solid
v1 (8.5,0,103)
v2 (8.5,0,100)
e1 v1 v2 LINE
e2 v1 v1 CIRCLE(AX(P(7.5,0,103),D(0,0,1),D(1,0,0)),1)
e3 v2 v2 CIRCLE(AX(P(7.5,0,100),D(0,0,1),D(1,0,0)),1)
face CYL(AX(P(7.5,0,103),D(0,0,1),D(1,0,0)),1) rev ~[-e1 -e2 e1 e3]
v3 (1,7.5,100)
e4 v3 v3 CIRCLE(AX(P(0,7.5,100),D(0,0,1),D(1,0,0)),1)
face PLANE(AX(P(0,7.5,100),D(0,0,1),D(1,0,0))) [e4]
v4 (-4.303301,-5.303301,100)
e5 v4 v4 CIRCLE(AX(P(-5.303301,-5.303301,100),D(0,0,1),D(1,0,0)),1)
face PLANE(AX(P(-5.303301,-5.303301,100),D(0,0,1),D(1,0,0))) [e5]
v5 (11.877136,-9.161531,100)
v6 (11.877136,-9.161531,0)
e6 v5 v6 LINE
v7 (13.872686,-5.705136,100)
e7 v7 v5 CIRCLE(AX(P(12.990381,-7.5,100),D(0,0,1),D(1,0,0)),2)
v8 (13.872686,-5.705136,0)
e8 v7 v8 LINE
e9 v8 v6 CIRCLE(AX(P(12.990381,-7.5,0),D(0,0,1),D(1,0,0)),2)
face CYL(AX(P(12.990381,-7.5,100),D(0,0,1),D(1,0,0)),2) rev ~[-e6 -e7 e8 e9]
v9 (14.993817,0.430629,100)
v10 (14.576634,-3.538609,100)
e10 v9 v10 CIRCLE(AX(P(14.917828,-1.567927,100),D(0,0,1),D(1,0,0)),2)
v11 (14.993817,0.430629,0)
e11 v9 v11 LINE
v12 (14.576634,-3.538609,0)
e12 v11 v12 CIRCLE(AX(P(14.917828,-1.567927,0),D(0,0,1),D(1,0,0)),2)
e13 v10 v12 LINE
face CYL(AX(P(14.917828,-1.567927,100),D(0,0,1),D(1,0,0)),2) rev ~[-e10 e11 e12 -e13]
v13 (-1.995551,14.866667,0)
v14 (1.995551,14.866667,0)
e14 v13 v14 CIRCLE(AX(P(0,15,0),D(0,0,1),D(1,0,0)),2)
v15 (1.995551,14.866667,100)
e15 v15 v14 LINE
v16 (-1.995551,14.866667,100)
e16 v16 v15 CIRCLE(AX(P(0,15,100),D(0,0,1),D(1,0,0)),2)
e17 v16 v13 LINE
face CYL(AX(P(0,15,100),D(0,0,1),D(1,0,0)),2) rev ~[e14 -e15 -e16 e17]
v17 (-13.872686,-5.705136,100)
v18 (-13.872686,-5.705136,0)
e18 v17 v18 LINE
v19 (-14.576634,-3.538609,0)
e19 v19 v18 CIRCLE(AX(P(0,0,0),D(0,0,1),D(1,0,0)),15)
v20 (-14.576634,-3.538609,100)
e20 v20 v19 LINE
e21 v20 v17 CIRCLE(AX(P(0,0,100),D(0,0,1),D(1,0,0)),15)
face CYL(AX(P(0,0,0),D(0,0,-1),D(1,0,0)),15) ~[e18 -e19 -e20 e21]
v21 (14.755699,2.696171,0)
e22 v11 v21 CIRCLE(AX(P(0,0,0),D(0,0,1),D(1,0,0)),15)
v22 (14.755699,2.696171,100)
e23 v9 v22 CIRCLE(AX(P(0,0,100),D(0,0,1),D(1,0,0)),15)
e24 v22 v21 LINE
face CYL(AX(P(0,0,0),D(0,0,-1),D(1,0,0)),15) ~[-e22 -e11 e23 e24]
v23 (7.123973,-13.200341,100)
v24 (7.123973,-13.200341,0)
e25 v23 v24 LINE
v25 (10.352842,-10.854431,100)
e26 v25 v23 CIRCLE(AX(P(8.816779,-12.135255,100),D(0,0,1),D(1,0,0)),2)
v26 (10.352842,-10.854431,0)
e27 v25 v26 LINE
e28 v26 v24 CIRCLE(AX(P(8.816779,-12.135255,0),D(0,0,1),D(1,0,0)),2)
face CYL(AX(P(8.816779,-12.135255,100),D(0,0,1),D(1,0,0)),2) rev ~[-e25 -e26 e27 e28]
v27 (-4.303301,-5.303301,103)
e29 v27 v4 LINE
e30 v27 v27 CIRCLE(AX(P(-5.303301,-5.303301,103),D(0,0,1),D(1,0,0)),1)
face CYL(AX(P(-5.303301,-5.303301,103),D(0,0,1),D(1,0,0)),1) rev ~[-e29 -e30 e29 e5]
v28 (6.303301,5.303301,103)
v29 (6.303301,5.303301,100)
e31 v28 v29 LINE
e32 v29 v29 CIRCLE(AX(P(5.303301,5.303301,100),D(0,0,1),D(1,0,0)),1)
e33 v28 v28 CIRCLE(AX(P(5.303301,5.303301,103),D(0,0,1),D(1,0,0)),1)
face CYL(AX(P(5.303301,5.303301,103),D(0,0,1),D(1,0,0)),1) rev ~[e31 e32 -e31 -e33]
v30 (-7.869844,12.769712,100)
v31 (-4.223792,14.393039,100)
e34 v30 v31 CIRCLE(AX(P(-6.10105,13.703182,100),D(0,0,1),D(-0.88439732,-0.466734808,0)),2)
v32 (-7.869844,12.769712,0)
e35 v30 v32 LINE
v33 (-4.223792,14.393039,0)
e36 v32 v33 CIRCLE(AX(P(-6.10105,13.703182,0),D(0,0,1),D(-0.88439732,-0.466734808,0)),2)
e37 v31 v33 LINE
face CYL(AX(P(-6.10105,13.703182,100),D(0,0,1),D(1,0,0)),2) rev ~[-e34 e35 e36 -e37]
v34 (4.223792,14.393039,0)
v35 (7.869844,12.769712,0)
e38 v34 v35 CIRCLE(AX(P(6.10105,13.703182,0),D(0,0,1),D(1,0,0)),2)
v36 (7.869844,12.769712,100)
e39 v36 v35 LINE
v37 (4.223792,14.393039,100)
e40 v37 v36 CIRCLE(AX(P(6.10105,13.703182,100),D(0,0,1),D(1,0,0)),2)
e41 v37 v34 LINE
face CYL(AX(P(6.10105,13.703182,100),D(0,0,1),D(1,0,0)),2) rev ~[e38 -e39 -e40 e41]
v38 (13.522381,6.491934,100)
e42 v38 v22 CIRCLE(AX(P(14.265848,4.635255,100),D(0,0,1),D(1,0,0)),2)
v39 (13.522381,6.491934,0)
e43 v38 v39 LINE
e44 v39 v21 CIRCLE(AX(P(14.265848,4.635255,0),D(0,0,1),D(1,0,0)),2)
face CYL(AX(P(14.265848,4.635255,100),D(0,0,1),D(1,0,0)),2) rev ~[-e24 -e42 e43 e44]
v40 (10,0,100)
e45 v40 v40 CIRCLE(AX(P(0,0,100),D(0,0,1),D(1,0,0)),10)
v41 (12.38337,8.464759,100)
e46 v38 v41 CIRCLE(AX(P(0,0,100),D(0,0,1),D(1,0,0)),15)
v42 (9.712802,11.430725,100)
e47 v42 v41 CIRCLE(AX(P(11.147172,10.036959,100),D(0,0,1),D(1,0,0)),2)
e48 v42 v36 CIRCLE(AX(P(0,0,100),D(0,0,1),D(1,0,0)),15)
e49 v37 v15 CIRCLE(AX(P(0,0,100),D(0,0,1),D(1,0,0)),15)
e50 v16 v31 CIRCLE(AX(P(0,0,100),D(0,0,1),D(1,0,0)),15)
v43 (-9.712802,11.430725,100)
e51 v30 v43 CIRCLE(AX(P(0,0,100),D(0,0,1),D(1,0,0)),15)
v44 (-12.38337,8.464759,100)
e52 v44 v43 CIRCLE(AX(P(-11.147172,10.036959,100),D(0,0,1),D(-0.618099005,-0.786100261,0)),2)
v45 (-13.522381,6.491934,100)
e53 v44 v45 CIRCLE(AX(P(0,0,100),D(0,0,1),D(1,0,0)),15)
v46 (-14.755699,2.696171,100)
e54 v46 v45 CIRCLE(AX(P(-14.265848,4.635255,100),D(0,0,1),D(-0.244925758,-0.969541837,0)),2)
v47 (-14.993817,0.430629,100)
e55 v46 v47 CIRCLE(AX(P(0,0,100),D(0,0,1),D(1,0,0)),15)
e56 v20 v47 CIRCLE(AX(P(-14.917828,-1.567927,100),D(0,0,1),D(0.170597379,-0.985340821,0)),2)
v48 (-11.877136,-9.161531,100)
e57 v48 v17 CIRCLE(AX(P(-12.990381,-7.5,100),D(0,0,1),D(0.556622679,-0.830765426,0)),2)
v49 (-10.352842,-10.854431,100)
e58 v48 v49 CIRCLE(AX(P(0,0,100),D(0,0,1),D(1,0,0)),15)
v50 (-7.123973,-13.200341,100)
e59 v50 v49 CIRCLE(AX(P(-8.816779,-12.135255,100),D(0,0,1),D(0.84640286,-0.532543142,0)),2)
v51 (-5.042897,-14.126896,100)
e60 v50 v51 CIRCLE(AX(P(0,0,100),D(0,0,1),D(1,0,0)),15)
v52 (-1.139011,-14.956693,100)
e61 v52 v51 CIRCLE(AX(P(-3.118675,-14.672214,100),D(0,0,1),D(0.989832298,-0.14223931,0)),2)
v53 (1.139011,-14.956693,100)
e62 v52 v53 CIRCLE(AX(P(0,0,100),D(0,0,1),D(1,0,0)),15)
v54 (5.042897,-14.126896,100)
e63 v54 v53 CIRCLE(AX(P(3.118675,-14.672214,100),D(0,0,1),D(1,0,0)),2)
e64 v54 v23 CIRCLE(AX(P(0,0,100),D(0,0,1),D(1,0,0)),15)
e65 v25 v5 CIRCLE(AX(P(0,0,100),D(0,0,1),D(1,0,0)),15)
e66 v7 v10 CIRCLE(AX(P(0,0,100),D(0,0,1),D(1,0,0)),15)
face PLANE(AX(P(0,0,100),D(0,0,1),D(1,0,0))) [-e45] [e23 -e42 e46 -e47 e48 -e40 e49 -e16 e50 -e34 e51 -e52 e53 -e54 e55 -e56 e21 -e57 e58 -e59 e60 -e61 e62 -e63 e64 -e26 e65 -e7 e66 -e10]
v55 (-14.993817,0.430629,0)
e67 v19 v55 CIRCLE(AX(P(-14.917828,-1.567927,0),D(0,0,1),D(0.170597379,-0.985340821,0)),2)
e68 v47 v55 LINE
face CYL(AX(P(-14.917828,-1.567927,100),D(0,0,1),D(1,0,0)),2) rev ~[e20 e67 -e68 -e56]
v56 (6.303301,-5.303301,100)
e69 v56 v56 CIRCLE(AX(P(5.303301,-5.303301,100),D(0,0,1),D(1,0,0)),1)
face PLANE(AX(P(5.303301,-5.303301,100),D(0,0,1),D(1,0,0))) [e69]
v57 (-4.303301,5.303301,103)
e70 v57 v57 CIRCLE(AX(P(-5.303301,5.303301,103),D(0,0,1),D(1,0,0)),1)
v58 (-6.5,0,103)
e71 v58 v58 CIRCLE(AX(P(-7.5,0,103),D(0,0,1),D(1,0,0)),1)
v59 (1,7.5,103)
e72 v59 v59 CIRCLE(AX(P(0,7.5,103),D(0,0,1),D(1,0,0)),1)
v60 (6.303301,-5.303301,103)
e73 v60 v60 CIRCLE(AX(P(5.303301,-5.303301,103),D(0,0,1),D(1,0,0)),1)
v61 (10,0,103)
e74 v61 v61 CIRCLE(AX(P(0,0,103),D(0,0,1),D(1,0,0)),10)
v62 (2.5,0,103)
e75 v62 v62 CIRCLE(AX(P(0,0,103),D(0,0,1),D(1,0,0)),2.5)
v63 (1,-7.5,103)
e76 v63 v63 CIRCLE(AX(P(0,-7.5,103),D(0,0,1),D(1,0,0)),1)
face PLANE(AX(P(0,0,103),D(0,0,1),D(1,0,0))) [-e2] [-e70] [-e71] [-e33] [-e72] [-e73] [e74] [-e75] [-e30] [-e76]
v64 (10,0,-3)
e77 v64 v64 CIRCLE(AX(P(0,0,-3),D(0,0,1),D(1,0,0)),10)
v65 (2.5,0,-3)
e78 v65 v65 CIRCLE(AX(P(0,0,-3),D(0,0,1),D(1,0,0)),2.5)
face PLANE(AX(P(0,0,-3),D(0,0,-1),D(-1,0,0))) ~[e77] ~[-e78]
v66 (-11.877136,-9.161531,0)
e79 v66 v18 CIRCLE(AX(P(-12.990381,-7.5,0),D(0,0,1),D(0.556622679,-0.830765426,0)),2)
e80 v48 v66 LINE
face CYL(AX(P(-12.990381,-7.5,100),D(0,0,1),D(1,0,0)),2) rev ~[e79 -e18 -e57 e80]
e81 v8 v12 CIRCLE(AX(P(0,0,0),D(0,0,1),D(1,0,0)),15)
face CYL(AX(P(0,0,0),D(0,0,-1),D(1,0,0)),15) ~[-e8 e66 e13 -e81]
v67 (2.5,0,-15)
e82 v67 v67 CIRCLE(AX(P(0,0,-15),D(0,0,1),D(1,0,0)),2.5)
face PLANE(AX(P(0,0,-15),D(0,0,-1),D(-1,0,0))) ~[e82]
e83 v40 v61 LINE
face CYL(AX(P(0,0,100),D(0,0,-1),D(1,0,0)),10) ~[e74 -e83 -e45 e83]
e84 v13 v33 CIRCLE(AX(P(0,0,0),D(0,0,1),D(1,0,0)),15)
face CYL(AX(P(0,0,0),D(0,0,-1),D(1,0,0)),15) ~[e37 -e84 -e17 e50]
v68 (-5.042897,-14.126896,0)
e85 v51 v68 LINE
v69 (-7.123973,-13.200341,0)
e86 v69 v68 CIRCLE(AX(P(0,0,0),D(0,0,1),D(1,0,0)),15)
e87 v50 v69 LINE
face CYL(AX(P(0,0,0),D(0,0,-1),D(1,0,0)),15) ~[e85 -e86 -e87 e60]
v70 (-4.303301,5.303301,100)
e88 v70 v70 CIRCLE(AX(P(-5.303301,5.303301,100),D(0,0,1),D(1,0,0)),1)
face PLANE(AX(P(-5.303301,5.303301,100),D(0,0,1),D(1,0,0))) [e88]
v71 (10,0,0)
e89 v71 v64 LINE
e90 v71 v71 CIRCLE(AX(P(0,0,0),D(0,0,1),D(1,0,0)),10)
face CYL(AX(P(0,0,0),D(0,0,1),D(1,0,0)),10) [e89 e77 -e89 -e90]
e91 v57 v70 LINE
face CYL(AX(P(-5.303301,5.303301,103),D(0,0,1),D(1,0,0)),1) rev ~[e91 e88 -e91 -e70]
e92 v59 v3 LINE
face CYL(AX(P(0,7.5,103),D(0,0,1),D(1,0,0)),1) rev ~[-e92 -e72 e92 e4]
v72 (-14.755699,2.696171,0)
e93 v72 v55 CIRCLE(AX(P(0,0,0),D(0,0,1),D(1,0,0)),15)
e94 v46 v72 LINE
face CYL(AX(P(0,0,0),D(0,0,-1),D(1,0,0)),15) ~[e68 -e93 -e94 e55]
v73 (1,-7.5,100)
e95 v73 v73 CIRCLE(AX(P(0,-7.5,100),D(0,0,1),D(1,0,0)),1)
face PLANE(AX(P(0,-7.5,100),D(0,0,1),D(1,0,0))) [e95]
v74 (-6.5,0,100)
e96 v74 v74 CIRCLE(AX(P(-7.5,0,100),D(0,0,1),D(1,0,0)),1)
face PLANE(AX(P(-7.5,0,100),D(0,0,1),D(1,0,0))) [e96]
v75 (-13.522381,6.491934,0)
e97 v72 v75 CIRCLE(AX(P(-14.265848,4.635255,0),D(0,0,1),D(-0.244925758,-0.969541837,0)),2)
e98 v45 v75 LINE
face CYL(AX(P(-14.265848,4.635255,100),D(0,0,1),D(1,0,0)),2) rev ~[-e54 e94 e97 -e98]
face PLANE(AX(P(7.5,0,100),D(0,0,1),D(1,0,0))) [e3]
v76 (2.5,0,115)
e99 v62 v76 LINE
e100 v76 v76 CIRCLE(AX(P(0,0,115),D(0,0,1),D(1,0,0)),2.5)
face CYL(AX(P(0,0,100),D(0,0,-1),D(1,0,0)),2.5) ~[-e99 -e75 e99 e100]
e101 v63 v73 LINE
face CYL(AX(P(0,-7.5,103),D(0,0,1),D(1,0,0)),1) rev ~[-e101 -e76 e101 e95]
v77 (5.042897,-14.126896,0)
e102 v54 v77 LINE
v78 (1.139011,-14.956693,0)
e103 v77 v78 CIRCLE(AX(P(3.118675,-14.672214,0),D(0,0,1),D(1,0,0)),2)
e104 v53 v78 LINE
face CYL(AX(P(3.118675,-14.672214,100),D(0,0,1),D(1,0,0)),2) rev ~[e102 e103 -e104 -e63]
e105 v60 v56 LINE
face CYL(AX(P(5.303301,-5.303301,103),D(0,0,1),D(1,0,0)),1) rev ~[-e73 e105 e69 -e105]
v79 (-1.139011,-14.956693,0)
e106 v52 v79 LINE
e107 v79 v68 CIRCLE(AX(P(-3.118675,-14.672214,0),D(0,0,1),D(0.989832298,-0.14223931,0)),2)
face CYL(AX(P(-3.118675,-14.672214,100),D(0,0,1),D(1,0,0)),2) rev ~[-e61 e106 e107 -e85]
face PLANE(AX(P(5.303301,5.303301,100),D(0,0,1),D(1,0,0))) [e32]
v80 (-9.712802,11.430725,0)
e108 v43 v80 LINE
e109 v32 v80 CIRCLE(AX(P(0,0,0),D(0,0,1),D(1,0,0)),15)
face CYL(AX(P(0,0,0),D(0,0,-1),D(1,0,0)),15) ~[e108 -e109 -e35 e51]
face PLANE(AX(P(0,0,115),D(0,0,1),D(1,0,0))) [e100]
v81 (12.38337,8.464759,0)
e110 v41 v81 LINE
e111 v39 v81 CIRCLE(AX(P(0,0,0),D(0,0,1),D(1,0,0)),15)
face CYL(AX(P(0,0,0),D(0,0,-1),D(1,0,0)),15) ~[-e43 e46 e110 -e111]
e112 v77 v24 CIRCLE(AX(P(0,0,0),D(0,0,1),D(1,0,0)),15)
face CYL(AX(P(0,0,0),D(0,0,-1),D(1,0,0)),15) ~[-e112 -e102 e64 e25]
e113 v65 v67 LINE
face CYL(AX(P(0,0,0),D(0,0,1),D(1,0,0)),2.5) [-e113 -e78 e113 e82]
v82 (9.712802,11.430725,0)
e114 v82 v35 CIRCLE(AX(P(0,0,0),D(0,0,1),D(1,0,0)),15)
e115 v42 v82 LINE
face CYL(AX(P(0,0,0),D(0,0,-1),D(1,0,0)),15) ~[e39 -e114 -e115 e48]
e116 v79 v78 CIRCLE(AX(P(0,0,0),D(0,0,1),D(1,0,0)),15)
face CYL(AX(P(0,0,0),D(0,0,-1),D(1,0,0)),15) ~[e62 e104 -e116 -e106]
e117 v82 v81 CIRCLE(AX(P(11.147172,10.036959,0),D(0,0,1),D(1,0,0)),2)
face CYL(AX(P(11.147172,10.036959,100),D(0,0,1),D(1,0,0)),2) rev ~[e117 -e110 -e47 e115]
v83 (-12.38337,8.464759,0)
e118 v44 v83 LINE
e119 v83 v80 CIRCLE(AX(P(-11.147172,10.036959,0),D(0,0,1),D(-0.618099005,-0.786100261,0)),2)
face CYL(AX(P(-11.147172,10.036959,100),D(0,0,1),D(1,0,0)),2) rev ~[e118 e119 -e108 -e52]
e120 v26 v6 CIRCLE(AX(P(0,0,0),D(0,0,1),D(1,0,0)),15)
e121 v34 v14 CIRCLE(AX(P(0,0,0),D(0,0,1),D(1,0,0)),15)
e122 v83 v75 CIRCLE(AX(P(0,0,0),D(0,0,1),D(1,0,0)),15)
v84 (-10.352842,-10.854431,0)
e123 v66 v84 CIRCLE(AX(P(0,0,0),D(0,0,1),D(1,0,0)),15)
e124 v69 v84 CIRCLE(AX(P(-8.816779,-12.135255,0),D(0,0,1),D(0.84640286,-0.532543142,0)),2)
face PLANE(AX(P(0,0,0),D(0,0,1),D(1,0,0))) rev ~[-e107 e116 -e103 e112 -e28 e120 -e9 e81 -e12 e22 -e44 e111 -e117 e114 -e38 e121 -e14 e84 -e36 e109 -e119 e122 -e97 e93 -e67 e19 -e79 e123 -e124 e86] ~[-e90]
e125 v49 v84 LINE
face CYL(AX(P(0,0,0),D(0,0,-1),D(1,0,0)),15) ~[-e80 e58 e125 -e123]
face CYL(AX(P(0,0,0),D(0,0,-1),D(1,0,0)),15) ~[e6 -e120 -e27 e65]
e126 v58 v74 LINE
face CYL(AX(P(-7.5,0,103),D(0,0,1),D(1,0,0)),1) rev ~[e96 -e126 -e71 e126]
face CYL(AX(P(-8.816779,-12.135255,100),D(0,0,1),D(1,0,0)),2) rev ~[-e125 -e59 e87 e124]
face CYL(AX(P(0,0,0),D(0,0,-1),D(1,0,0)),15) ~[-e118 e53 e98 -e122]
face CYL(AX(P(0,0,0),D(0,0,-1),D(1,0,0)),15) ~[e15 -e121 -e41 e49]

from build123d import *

# Parameters (mm, degrees)
SKETCH1_R           = 15
BOSS_EXTRUDE1_DEPTH = 100
SKETCH2_R           = 2.5
BOSS_EXTRUDE3_DEPTH = 15
SKETCH4_R           = 10
SKETCH4_R_2         = 2.5
BOSS_EXTRUDE4_DEPTH = 3
SKETCH7_R           = 1
CUT_EXTRUDE1_DEPTH  = 3
SKETCH8_R           = 2
CUT_EXTRUDE2_DEPTH  = 116


with BuildPart() as part:
    # Sketch1 → Boss-Extrude1 (new body)
    with BuildSketch(Plane.XY):
        Circle(SKETCH1_R)
    extrude(amount=BOSS_EXTRUDE1_DEPTH)

    # Sketch2 → Boss-Extrude3 (add)
    with BuildSketch(Plane.XY.offset(100)):
        Circle(SKETCH2_R)
    boss_extrude3 = extrude(amount=BOSS_EXTRUDE3_DEPTH)

    # Sketch4 → Boss-Extrude4 (add)
    with BuildSketch(Plane.XY.offset(100)):
        Circle(SKETCH4_R)
        Circle(SKETCH4_R_2, mode=Mode.SUBTRACT)
    boss_extrude4 = extrude(amount=BOSS_EXTRUDE4_DEPTH)

    # Mirror1: Boss-Extrude3, Boss-Extrude4 across plane
    add(boss_extrude3.mirror(Plane.XY.offset(50)))
    add(boss_extrude4.mirror(Plane.XY.offset(50)))

    # Sketch7 → Cut-Extrude1 (cut)
    with BuildSketch(Plane.XY.offset(103)):
        with Locations((0, 7.5)):
            Circle(SKETCH7_R)
        with Locations((5.303300859, 5.303300859)):
            Circle(SKETCH7_R)
        with Locations((7.5, 0)):
            Circle(SKETCH7_R)
        with Locations((5.303300859, -5.303300859)):
            Circle(SKETCH7_R)
        with Locations((0, -7.5)):
            Circle(SKETCH7_R)
        with Locations((-5.303300859, -5.303300859)):
            Circle(SKETCH7_R)
        with Locations((-7.5, 0)):
            Circle(SKETCH7_R)
        with Locations((-5.303300859, 5.303300859)):
            Circle(SKETCH7_R)
    extrude(amount=-CUT_EXTRUDE1_DEPTH, mode=Mode.SUBTRACT)

    # Sketch8 → Cut-Extrude2 (cut, through all)
    with BuildSketch(Plane.XY.offset(100)):
        with Locations((0, 15)):
            Circle(SKETCH8_R)
        with Locations((6.101049646, 13.703181865)):
            Circle(SKETCH8_R)
        with Locations((11.147172382, 10.036959095)):
            Circle(SKETCH8_R)
        with Locations((14.265847744, 4.635254916)):
            Circle(SKETCH8_R)
        with Locations((14.917828431, -1.567926949)):
            Circle(SKETCH8_R)
        with Locations((12.990381057, -7.5)):
            Circle(SKETCH8_R)
        with Locations((8.816778784, -12.135254916)):
            Circle(SKETCH8_R)
        with Locations((3.118675362, -14.672214011)):
            Circle(SKETCH8_R)
        with Locations((-3.118675362, -14.672214011)):
            Circle(SKETCH8_R)
        with Locations((-8.816778784, -12.135254916)):
            Circle(SKETCH8_R)
        with Locations((-12.990381057, -7.5)):
            Circle(SKETCH8_R)
        with Locations((-14.917828431, -1.567926949)):
            Circle(SKETCH8_R)
        with Locations((-14.265847744, 4.635254916)):
            Circle(SKETCH8_R)
        with Locations((-11.147172382, 10.036959095)):
            Circle(SKETCH8_R)
        with Locations((-6.101049646, 13.703181865)):
            Circle(SKETCH8_R)
    extrude(amount=-CUT_EXTRUDE2_DEPTH, mode=Mode.SUBTRACT)


solid = part.part
